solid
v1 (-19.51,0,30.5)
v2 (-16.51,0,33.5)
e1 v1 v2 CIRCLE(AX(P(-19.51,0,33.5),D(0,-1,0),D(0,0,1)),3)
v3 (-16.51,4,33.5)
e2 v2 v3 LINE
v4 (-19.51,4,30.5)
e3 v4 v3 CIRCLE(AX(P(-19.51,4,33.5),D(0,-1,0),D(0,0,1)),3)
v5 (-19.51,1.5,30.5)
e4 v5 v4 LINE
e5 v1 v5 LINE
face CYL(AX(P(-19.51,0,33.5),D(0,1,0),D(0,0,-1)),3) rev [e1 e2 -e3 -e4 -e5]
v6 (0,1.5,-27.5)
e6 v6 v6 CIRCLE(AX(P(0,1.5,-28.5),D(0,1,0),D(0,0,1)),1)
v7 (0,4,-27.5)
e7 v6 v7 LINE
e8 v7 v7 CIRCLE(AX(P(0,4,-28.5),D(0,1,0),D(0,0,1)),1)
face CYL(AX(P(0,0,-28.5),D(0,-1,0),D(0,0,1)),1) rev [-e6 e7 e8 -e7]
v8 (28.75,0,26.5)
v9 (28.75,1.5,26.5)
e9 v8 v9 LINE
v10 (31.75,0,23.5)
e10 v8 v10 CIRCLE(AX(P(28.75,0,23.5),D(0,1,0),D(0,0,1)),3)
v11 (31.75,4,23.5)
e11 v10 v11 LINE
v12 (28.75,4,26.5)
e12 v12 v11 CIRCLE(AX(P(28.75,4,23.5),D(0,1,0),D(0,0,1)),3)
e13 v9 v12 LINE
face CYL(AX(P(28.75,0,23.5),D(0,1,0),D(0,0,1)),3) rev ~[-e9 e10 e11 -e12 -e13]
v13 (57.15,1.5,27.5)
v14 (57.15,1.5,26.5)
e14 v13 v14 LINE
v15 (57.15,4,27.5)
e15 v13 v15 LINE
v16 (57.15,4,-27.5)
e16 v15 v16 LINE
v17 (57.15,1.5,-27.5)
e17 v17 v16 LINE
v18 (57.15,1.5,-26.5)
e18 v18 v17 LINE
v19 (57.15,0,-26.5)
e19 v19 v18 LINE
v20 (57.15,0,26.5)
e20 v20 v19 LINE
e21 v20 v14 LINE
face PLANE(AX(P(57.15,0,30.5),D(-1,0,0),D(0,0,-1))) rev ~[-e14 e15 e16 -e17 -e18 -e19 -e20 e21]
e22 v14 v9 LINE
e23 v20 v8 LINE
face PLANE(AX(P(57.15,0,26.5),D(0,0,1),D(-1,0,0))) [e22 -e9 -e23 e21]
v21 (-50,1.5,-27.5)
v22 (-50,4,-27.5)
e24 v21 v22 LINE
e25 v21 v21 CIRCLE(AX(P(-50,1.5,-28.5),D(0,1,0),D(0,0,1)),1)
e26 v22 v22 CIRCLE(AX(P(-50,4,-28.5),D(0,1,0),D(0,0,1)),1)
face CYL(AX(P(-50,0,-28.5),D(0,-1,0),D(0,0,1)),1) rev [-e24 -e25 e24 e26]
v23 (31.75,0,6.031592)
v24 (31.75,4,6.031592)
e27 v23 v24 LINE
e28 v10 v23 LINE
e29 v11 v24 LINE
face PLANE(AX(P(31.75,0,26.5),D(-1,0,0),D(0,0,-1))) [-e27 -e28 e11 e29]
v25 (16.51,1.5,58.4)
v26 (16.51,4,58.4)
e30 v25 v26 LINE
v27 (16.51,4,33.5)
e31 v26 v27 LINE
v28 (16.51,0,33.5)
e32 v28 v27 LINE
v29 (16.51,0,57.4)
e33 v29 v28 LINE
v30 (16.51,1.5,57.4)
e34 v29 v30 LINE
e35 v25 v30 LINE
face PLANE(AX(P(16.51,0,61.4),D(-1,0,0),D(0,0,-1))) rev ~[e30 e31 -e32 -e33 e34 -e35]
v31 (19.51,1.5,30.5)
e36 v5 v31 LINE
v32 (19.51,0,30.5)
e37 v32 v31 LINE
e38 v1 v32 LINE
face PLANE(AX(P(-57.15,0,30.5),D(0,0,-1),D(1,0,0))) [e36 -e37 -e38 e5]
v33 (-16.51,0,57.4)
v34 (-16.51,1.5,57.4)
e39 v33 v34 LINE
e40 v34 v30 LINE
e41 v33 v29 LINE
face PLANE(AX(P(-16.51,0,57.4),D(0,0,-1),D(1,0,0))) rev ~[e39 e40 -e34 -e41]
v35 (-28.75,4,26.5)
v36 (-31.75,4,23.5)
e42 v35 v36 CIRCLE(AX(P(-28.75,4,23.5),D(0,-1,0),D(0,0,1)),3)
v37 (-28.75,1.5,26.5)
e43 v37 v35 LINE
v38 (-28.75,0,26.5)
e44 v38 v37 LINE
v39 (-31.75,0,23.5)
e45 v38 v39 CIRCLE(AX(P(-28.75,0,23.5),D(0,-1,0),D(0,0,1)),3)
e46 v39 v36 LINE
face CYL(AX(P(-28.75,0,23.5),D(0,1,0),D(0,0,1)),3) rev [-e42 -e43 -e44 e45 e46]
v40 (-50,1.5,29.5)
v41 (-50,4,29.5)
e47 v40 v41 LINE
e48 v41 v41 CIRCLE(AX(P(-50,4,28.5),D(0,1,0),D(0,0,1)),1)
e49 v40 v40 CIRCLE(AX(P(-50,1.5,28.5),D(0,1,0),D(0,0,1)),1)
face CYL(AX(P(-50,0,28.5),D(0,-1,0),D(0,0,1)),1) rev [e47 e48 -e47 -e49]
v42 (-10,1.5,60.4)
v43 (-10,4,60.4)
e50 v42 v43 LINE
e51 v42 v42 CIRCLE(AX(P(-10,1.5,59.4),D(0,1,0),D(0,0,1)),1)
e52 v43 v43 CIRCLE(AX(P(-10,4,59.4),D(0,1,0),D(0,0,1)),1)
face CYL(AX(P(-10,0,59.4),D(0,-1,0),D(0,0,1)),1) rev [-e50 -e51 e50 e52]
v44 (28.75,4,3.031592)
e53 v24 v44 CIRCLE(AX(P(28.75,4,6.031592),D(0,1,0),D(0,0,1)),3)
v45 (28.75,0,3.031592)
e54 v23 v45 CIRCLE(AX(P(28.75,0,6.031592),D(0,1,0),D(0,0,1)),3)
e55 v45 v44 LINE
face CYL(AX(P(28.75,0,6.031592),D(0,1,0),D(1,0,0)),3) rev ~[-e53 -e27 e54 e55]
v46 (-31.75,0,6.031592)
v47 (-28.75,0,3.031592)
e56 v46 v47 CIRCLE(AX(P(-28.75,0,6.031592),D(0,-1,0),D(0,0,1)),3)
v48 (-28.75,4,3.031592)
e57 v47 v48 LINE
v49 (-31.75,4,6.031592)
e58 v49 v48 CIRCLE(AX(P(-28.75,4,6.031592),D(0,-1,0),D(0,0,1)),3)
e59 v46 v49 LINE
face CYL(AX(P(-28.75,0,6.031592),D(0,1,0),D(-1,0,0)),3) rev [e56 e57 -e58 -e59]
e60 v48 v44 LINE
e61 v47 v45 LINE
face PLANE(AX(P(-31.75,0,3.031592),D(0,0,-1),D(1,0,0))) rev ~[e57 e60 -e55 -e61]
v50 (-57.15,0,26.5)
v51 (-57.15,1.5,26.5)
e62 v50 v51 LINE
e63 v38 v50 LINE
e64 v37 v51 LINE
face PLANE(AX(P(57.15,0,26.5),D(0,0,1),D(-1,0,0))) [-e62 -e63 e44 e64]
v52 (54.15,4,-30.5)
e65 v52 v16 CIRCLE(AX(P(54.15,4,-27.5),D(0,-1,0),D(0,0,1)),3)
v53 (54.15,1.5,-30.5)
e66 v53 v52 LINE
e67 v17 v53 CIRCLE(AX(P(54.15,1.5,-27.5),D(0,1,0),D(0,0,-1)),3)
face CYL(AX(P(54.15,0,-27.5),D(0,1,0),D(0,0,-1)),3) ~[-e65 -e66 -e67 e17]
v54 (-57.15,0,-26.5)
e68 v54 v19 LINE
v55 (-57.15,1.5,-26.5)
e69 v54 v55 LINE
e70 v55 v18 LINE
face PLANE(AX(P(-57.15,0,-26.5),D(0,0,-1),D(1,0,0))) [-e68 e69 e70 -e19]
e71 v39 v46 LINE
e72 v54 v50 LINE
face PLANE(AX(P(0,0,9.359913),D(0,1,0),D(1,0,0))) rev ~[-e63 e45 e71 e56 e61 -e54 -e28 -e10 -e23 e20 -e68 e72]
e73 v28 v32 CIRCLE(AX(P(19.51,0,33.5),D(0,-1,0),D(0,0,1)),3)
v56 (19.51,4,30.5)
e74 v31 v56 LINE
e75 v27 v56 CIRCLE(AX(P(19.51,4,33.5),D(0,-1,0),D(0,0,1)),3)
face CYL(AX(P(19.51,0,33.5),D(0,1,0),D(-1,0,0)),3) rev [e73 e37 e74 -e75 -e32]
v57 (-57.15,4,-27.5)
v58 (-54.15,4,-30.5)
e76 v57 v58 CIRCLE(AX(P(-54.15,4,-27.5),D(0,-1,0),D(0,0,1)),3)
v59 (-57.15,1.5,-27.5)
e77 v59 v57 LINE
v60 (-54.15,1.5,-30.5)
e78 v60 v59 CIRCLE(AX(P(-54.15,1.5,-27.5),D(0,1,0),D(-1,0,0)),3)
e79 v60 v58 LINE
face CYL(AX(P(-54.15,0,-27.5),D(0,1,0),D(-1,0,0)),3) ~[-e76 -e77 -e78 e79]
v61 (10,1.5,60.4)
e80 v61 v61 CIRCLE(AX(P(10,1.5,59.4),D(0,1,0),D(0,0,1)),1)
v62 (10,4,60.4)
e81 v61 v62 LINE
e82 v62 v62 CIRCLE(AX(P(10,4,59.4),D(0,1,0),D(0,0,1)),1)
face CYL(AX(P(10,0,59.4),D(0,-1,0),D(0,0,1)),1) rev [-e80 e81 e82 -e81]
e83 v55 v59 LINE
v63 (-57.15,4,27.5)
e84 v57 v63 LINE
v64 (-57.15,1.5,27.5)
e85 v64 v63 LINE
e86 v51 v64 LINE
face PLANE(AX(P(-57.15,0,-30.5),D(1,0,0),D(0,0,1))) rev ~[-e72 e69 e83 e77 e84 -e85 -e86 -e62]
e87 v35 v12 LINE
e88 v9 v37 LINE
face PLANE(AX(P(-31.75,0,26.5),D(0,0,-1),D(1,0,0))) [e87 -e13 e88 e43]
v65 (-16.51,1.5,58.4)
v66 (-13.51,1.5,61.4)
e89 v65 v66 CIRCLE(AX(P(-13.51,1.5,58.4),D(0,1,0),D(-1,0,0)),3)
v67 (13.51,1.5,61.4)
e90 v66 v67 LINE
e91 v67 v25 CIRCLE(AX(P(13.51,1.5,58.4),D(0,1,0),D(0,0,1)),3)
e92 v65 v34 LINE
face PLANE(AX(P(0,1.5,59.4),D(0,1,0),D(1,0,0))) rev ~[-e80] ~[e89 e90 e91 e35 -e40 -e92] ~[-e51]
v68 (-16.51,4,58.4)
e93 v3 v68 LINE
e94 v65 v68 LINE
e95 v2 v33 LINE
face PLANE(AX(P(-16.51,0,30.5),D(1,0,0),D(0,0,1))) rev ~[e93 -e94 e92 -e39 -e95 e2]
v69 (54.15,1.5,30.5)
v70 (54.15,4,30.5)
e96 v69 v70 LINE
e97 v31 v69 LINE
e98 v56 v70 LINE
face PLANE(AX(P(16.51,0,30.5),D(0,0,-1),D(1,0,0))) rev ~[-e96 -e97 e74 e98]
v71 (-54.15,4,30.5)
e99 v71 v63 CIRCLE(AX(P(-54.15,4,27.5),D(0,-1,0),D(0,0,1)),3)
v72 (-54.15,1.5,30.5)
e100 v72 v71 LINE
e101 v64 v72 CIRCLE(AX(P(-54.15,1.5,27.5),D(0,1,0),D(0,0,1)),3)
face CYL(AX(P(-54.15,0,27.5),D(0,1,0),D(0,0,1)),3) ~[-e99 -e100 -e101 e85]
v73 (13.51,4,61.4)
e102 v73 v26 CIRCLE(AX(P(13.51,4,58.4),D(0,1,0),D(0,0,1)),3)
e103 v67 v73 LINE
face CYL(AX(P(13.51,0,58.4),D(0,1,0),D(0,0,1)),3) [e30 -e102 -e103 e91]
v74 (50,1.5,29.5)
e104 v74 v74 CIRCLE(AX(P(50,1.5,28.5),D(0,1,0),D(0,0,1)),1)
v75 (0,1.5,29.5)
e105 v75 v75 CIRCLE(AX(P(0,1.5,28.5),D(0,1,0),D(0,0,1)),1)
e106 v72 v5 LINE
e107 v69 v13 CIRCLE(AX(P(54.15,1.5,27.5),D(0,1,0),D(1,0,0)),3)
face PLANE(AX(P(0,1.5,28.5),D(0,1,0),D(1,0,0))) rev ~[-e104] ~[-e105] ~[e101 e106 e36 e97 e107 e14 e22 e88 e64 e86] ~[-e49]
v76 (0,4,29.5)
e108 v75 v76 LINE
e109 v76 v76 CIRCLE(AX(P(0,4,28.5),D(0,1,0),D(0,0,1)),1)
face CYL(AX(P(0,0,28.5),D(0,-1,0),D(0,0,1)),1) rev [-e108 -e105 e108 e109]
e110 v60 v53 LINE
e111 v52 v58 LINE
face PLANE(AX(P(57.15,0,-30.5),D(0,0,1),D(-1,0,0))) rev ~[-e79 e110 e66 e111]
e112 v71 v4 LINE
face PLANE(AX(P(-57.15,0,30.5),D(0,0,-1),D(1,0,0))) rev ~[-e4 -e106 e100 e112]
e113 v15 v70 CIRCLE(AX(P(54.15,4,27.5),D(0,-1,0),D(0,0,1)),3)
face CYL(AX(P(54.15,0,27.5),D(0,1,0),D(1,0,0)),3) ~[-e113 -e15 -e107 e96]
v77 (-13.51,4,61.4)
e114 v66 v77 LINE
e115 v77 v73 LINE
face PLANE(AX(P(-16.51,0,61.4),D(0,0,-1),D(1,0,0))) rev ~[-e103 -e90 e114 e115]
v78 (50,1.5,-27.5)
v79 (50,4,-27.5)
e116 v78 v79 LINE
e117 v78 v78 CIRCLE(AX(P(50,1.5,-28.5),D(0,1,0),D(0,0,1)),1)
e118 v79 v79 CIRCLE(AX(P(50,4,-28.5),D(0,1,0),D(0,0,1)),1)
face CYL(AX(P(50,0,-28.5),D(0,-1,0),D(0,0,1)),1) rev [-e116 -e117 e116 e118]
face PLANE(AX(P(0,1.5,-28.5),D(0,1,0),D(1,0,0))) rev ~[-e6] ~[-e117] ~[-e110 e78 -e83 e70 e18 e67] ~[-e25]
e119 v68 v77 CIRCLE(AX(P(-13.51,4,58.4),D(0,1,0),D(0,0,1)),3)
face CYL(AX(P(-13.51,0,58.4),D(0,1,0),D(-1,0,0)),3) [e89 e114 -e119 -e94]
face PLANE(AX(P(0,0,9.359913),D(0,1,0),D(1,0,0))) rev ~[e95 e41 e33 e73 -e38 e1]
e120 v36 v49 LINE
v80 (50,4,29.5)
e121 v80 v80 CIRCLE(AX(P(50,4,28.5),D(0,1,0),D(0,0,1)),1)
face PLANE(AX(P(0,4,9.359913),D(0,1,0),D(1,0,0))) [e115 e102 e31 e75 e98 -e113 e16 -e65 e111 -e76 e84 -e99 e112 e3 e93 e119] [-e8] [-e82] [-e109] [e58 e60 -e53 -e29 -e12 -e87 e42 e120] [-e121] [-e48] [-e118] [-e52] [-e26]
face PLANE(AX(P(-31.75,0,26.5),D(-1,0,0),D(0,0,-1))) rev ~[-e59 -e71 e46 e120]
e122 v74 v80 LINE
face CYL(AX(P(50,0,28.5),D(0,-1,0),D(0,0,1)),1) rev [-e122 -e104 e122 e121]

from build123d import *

# Parameters (mm, degrees)
ESQUISSE3_W             = 63.5
ESQUISSE3_H             = 23.468408113
ESQUISSE3_R             = 1
BOSS_EXTRU_1_DEPTH      = 4
CONG_1_R                = 3
ESQUISSE3_3_W           = 114.3
ESQUISSE3_3_H           = 4
ESQUISSE3_3_R           = 1
ESQUISSE3_3_W_2         = 33.02
ENL_V_MAT_EXTRU_1_DEPTH = 1.5


with BuildPart() as part:
    # Esquisse3 → Boss.-Extru.1 (new body)
    with BuildSketch(Plane(origin=(0, 0, 0), x_dir=(1, 0, 0), z_dir=(0, 1, 0))):
        Polygon((-57.15, -30.5), (-16.51, -30.5), (-16.51, -61.4), (16.51, -61.4), (16.51, -30.5), (57.15, -30.5), (57.15, 30.5), (-57.15, 30.5), align=None)
        with Locations((0, -14.765795944)):
            Rectangle(ESQUISSE3_W, ESQUISSE3_H, mode=Mode.SUBTRACT)
        with Locations((50, 28.5)):
            Circle(ESQUISSE3_R, mode=Mode.SUBTRACT)
        with Locations((-50, 28.5)):
            Circle(ESQUISSE3_R, mode=Mode.SUBTRACT)
        with Locations((0, 28.5)):
            Circle(ESQUISSE3_R, mode=Mode.SUBTRACT)
        with Locations((0, -28.5)):
            Circle(ESQUISSE3_R, mode=Mode.SUBTRACT)
        with Locations((50, -28.5)):
            Circle(ESQUISSE3_R, mode=Mode.SUBTRACT)
        with Locations((-50, -28.5)):
            Circle(ESQUISSE3_R, mode=Mode.SUBTRACT)
        with Locations((10, -59.4)):
            Circle(ESQUISSE3_R, mode=Mode.SUBTRACT)
        with Locations((-10, -59.4)):
            Circle(ESQUISSE3_R, mode=Mode.SUBTRACT)
    extrude(amount=BOSS_EXTRU_1_DEPTH)

    # Congé1
    cong_1_edges = [part.edges().sort_by_distance(p)[0] for p in [
        (-57.15, 2, -30.5),
        (57.15, 2, -30.5),
        (57.15, 2, 30.5),
        (16.51, 2, 30.5),
        (16.51, 2, 61.4),
        (-16.51, 2, 61.4),
        (-16.51, 2, 30.5),
        (-57.15, 2, 30.5),
        (-31.75, 2, 3.031591887),
        (31.75, 2, 3.031591887),
        (31.75, 2, 26.5),
        (-31.75, 2, 26.5),
    ]]
    fillet(cong_1_edges, radius=CONG_1_R)

    # Esquisse3<3> → Enlèv. mat.-Extru.1 (cut)
    # profile 1 of 3: a face of its own
    with BuildSketch(Plane(origin=(0, 0, 0), x_dir=(1, 0, 0), z_dir=(0, 1, 0))):
        with Locations((0, -28.5)):
            Rectangle(ESQUISSE3_3_W, ESQUISSE3_3_H)
        with Locations((-50, -28.5)):
            Circle(ESQUISSE3_3_R, mode=Mode.SUBTRACT)
        with Locations((0, -28.5)):
            Circle(ESQUISSE3_3_R, mode=Mode.SUBTRACT)
        with Locations((50, -28.5)):
            Circle(ESQUISSE3_3_R, mode=Mode.SUBTRACT)
    # profile 2 of 3: a face of its own
    with BuildSketch(Plane(origin=(0, 0, 0), x_dir=(1, 0, 0), z_dir=(0, 1, 0))):
        with Locations((0, 28.5)):
            Rectangle(ESQUISSE3_3_W, ESQUISSE3_3_H)
        with Locations((-50, 28.5)):
            Circle(ESQUISSE3_3_R, mode=Mode.SUBTRACT)
        with Locations((0, 28.5)):
            Circle(ESQUISSE3_3_R, mode=Mode.SUBTRACT)
        with Locations((50, 28.5)):
            Circle(ESQUISSE3_3_R, mode=Mode.SUBTRACT)
    # profile 3 of 3: a face of its own
    with BuildSketch(Plane(origin=(0, 0, 0), x_dir=(1, 0, 0), z_dir=(0, 1, 0))):
        with Locations((0, -59.4)):
            Rectangle(ESQUISSE3_3_W_2, ESQUISSE3_3_H)
        with Locations((-10, -59.4)):
            Circle(ESQUISSE3_3_R, mode=Mode.SUBTRACT)
        with Locations((10, -59.4)):
            Circle(ESQUISSE3_3_R, mode=Mode.SUBTRACT)
    extrude(amount=ENL_V_MAT_EXTRU_1_DEPTH, mode=Mode.SUBTRACT)


solid = part.part
